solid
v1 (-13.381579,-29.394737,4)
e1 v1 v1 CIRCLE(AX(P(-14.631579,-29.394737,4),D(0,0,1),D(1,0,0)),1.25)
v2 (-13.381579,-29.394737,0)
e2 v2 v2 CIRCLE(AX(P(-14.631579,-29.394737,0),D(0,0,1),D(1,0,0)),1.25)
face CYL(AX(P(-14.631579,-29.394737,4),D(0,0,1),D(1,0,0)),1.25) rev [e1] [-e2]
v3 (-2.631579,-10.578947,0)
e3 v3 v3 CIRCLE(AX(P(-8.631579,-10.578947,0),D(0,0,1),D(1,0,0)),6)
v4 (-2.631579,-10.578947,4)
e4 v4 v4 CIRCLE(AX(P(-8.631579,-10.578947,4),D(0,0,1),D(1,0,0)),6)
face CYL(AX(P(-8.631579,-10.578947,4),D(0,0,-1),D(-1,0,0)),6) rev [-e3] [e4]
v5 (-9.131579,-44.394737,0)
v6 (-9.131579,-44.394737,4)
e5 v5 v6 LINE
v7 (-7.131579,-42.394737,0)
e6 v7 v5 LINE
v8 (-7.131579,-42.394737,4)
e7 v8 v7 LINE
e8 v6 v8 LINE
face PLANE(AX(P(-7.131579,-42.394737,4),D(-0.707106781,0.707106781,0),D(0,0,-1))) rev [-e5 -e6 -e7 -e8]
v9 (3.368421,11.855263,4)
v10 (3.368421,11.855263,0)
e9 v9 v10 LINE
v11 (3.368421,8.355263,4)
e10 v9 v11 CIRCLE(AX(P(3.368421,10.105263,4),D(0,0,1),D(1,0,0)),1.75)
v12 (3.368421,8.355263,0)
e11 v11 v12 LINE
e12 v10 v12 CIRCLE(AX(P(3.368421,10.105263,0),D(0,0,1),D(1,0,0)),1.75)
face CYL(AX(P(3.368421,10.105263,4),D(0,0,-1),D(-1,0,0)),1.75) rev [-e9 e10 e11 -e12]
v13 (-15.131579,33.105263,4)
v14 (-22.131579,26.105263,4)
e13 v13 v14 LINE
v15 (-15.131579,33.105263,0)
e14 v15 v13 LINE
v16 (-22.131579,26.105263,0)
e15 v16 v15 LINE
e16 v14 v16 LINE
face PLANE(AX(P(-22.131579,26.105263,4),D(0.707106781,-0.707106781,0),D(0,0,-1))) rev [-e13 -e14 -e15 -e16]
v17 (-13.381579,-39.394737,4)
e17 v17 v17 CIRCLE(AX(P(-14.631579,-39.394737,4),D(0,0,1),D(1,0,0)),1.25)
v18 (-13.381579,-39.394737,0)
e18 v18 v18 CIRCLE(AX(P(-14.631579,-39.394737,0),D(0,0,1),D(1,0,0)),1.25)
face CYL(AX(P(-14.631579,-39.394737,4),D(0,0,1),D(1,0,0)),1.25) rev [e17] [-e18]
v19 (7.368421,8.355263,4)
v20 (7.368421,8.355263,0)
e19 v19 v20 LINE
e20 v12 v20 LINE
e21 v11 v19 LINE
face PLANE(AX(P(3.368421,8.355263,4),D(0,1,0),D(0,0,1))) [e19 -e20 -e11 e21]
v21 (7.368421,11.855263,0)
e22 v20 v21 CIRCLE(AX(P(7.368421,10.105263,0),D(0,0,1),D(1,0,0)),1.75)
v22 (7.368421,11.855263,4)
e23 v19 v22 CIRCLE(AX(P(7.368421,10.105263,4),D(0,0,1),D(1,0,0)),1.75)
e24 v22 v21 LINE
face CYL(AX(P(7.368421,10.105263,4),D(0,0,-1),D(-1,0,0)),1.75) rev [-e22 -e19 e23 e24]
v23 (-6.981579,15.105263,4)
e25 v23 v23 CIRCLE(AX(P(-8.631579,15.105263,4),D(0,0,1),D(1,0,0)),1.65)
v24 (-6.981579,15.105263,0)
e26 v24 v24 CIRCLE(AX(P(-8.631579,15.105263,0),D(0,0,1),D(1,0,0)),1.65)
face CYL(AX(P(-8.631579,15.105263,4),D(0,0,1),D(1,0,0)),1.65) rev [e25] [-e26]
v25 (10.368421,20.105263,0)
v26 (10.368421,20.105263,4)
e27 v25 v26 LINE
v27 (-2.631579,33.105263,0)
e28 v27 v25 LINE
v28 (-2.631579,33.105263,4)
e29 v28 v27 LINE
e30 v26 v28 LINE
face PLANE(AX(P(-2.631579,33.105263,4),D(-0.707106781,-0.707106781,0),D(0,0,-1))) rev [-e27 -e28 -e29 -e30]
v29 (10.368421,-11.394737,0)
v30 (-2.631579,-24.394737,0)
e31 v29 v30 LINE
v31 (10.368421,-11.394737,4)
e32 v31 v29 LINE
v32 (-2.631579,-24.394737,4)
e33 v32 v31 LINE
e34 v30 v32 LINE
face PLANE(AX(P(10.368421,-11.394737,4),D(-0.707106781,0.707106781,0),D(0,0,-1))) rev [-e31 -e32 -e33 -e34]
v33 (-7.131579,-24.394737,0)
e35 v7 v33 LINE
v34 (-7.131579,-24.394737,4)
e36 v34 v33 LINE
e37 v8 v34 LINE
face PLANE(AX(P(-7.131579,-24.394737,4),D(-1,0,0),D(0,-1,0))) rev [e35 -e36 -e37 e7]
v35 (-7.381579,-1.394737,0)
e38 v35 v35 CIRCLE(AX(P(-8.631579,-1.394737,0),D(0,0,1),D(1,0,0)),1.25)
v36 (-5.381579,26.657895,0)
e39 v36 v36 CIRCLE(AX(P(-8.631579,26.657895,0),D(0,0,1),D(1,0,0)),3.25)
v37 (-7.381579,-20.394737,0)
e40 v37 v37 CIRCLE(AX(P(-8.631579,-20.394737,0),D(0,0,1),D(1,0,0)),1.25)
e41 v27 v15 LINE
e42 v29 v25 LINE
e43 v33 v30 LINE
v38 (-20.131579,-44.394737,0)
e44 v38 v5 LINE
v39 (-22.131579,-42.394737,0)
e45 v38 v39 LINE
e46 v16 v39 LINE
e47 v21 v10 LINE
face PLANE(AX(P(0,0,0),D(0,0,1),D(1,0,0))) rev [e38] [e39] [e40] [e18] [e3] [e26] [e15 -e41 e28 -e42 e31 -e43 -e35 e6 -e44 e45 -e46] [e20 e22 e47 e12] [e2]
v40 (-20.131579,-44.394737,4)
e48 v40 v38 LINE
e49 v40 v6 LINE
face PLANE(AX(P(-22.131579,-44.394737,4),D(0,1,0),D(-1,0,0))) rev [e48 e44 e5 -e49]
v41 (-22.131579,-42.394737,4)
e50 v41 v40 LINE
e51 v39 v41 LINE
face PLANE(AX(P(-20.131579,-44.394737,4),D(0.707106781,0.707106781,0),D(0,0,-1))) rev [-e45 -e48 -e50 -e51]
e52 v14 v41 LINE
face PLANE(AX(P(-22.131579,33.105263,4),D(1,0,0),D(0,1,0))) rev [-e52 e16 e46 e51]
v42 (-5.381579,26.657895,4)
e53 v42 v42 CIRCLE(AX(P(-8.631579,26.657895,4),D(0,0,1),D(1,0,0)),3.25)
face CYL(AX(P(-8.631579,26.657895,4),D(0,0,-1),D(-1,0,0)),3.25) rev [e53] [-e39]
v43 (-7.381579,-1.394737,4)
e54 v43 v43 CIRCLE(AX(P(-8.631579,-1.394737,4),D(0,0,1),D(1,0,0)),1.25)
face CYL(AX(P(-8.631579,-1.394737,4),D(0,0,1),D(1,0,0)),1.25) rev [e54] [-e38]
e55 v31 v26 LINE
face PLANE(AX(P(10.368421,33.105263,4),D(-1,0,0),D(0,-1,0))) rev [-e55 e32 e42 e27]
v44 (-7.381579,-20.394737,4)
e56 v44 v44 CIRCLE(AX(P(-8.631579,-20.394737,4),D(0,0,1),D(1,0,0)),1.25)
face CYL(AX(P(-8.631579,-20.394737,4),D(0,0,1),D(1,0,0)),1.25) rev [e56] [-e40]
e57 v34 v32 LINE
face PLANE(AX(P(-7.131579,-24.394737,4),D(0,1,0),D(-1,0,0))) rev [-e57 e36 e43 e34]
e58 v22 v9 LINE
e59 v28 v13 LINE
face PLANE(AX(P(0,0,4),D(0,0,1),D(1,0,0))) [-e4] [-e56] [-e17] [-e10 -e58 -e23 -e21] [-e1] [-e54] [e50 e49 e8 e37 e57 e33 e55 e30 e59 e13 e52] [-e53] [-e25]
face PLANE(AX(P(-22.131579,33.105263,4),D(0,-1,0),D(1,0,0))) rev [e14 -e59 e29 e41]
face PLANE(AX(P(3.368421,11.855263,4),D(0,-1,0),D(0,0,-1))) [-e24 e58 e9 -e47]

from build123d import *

# Parameters (mm, degrees)
SKETCH1_R             = 6
SKETCH1_R_2           = 3.25
BOSS_EXTRUDE1_DEPTH   = 4
CHAMFER1_SIZE         = 7
CHAMFER2_SIZE         = 13
CHAMFER3_SIZE         = 2
M4_TAPPED_HOLE1_D     = 3.3
M4_TAPPED_HOLE1_DEPTH = 10.1
M4_TAPPED_HOLE1_TIP   = 0.991420021
M3_TAPPED_HOLE1_D     = 2.5
M3_TAPPED_HOLE1_DEPTH = 7.5
M3_TAPPED_HOLE1_TIP   = 0.751075774


with BuildPart() as part:
    # Sketch1 → Boss-Extrude1 (new body)
    with BuildSketch(Plane.XY):
        Polygon((-22.131578947, 33.105263158), (10.368421053, 33.105263158), (10.368421053, -24.394736842), (-7.131578947, -24.394736842), (-7.131578947, -44.394736842), (-22.131578947, -44.394736842), align=None)
        with Locations((-8.631578947, -10.578947368)):
            Circle(SKETCH1_R, mode=Mode.SUBTRACT)
        with Locations((-8.631578947, 26.657894737)):
            Circle(SKETCH1_R_2, mode=Mode.SUBTRACT)
        with BuildLine():
            Line((3.368421053, 11.855263158), (7.368421053, 11.855263158))
            ThreePointArc((7.368421053, 11.855263158), (9.118421053, 10.105263158), (7.368421053, 8.355263158))
            Line((7.368421053, 8.355263158), (3.368421053, 8.355263158))
            ThreePointArc((3.368421053, 8.355263158), (1.618421053, 10.105263158), (3.368421053, 11.855263158))
        make_face(mode=Mode.SUBTRACT)
    extrude(amount=BOSS_EXTRUDE1_DEPTH)

    # Chamfer1
    chamfer1_edges = [part.edges().sort_by_distance(p)[0] for p in [
        (-22.131578947, 33.105263158, 2),
    ]]
    chamfer(chamfer1_edges, length=CHAMFER1_SIZE)

    # Chamfer2
    chamfer2_edges = [part.edges().sort_by_distance(p)[0] for p in [
        (10.368421053, 33.105263158, 2),
        (10.368421053, -24.394736842, 2),
    ]]
    chamfer(chamfer2_edges, length=CHAMFER2_SIZE)

    # Chamfer3
    chamfer3_edges = [part.edges().sort_by_distance(p)[0] for p in [
        (-7.131578947, -44.394736842, 2),
        (-22.131578947, -44.394736842, 2),
    ]]
    chamfer(chamfer3_edges, length=CHAMFER3_SIZE)

    # M4 Tapped Hole1
    with Locations(Plane.XY.offset(4)):
        with Locations((-8.631578947, 15.105263158)):
            Hole(M4_TAPPED_HOLE1_D / 2, depth=M4_TAPPED_HOLE1_DEPTH)
            with Locations((0, 0, -(M4_TAPPED_HOLE1_DEPTH + M4_TAPPED_HOLE1_TIP / 2))):  # 118° drill point
                Cone(0, M4_TAPPED_HOLE1_D / 2, M4_TAPPED_HOLE1_TIP, mode=Mode.SUBTRACT)

    # M3 Tapped Hole1
    with Locations(Plane.XY.offset(4)):
        with Locations((-8.631578947, -1.394736842), (-8.631578947, -20.394736842), (-14.631578947, -29.394736842), (-14.631578947, -39.394736842)):
            Hole(M3_TAPPED_HOLE1_D / 2, depth=M3_TAPPED_HOLE1_DEPTH)
            with Locations((0, 0, -(M3_TAPPED_HOLE1_DEPTH + M3_TAPPED_HOLE1_TIP / 2))):  # 118° drill point
                Cone(0, M3_TAPPED_HOLE1_D / 2, M3_TAPPED_HOLE1_TIP, mode=Mode.SUBTRACT)


solid = part.part
